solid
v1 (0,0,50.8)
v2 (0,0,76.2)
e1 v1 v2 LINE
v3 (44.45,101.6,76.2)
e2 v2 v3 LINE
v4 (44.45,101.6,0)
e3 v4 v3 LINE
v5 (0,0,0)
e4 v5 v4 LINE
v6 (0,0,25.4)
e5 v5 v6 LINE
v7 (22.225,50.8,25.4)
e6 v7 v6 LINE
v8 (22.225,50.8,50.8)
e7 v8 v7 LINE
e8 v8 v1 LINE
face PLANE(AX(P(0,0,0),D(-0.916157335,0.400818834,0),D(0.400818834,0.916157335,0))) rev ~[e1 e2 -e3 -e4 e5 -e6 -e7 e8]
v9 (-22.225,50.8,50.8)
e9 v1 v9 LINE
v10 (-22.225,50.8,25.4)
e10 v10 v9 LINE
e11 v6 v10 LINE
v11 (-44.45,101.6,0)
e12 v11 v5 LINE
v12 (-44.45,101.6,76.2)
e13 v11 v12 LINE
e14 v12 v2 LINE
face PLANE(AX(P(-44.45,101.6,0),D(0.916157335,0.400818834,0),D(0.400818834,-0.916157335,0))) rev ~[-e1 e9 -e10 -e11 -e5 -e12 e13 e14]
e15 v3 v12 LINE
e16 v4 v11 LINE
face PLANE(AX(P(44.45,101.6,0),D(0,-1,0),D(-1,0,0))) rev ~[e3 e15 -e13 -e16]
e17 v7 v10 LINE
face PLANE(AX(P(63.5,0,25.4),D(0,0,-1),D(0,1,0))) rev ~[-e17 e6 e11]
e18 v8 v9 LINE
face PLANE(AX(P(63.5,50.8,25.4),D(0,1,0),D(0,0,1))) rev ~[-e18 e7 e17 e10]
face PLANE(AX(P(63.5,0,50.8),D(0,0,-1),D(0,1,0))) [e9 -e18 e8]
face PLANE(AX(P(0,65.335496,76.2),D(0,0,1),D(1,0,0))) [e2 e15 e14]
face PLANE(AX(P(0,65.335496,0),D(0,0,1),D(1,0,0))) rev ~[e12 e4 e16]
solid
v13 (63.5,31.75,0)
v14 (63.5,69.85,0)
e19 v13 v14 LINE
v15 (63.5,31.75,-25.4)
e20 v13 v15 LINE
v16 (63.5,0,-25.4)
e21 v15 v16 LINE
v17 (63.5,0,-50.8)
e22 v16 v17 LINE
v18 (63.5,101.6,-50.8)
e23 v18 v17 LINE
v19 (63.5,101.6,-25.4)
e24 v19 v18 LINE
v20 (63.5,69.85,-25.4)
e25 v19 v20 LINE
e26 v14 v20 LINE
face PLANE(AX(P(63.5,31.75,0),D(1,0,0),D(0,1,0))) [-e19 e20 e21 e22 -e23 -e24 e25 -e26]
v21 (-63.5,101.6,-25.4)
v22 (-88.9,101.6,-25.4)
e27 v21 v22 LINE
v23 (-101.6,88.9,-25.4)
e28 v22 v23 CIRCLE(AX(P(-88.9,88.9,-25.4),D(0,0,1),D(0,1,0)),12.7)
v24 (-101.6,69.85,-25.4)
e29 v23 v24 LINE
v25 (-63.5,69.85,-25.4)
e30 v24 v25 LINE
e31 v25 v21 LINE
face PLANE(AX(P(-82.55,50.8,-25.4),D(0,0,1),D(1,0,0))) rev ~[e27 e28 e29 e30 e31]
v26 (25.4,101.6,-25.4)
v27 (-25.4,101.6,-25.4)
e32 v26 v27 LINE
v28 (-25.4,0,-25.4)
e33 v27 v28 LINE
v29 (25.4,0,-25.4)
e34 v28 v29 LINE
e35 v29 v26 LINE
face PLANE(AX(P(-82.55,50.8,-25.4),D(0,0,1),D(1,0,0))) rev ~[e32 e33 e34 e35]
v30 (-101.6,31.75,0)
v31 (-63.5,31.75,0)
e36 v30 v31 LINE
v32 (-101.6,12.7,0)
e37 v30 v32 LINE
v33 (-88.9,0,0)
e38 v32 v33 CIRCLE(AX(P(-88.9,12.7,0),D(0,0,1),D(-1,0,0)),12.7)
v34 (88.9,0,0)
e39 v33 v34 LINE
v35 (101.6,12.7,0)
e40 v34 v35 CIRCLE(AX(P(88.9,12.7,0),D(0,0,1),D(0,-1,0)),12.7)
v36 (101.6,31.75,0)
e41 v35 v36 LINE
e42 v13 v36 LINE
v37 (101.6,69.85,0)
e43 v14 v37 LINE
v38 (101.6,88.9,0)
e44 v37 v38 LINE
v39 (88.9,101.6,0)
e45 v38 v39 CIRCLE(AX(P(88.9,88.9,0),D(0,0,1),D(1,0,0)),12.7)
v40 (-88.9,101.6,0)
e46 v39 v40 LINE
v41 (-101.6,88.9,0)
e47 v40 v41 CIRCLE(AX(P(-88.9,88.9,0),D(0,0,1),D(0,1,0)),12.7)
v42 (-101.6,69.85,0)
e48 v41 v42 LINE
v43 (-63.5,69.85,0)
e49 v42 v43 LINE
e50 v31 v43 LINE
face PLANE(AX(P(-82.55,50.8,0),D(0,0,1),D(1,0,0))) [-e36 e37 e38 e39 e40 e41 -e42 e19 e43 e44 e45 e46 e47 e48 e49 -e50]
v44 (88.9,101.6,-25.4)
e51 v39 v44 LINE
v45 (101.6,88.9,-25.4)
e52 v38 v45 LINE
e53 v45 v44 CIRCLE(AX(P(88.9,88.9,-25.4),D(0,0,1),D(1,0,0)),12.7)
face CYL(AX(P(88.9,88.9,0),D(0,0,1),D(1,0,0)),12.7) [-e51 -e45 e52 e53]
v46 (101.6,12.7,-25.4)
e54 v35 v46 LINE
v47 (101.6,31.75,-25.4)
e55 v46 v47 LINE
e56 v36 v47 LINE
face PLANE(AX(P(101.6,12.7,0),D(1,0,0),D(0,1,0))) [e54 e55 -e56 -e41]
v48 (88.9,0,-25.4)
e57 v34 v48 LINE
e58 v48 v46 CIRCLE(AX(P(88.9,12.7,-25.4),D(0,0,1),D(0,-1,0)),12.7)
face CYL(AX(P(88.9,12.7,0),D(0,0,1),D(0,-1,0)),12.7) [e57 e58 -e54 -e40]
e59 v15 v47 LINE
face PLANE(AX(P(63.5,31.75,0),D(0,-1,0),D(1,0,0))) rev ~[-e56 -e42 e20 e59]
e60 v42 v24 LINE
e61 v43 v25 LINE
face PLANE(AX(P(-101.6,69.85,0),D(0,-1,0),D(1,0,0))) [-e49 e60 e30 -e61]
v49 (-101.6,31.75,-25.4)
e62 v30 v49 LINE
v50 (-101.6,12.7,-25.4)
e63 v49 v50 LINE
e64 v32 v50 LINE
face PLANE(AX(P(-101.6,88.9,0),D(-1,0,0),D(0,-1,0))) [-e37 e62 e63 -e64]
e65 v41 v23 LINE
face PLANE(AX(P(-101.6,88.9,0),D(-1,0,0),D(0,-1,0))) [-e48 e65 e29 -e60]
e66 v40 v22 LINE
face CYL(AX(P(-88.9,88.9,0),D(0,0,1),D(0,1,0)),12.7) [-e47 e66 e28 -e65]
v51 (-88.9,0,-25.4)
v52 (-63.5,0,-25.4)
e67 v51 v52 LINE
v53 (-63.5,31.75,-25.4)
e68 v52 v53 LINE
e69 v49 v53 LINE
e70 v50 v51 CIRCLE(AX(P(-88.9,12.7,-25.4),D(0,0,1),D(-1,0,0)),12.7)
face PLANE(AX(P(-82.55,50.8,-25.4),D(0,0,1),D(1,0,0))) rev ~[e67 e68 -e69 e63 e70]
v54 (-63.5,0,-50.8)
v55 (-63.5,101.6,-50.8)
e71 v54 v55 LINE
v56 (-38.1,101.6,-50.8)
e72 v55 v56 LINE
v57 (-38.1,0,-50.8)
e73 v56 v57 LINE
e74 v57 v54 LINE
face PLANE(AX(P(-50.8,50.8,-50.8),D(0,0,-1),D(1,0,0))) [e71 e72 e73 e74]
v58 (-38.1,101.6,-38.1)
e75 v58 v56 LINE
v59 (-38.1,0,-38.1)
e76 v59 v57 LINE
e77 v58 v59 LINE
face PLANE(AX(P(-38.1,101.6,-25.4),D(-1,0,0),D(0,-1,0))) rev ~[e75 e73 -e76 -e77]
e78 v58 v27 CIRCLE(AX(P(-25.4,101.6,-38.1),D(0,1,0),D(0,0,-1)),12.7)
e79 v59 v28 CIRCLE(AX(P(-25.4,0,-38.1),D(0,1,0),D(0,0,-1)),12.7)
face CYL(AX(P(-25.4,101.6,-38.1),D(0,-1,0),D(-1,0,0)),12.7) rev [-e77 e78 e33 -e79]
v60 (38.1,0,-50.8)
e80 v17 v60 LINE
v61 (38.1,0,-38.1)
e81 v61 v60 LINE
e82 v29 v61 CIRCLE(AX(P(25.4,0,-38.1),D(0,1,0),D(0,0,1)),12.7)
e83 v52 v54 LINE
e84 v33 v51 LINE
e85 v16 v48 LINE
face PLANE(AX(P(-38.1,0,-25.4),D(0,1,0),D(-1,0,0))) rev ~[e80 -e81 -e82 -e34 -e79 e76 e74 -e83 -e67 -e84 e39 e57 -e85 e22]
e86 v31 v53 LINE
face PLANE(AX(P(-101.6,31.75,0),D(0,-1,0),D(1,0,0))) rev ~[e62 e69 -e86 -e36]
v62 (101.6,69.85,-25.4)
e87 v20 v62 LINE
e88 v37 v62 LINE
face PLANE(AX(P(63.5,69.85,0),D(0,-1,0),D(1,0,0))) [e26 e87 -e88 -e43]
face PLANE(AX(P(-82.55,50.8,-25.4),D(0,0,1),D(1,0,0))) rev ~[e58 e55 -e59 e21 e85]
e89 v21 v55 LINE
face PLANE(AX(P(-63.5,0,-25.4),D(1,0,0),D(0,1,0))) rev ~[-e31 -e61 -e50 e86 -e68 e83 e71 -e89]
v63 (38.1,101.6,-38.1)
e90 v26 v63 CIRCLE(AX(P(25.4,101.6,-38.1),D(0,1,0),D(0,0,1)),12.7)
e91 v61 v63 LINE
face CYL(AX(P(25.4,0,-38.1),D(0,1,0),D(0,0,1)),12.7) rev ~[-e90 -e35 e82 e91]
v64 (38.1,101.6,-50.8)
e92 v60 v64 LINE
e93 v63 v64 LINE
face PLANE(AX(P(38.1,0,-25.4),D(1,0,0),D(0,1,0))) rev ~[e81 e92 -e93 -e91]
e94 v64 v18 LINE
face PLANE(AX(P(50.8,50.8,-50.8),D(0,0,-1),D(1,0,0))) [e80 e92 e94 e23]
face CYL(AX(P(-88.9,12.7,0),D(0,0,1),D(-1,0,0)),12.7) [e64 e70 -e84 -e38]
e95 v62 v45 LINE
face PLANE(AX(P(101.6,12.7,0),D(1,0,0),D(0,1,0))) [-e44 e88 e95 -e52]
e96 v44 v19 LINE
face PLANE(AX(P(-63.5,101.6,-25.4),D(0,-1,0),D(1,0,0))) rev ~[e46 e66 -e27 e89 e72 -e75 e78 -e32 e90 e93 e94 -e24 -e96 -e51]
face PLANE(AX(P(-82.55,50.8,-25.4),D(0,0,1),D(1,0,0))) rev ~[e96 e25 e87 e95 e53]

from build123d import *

# Parameters (mm, degrees)
F0_W     = 38.1
F0_H     = 38.1
F1_DEPTH = 25.4
F2_DEPTH = 25.4
F3_DEPTH = 76.2
F5_DEPTH = 25.4
F6_R     = 12.7
F7_W     = 50.8
F7_H     = 25.4
F8_DEPTH = 165.101


with BuildPart() as f1:
    # F0 (on Top) → F1 (new body)
    with BuildSketch(Plane.XY):
        with Locations((-82.55, 50.8)):
            Rectangle(F0_W, F0_H)
        with Locations((82.55, 50.8)):
            Rectangle(F0_W, F0_H)
        with BuildLine():
            ThreePointArc((-101.6, 12.7), (-97.8802561211, 3.7197438789), (-88.9, 0))
            Line((-88.9, 0), (0, 0))
            Line((0, 0), (-44.45, 101.6))
            Line((-44.45, 101.6), (-88.9, 101.6))
            ThreePointArc((-88.9, 101.6), (-97.8802561211, 97.8802561211), (-101.6, 88.9))
            Line((-101.6, 88.9), (-101.6, 69.85))
            Line((-101.6, 69.85), (-63.5, 69.85))
            Line((-63.5, 69.85), (-63.5, 31.75))
            Line((-63.5, 31.75), (-101.6, 31.75))
            Line((-101.6, 31.75), (-101.6, 12.7))
        make_face()
        with BuildLine():
            Line((44.45, 101.6), (0, 0))
            Line((0, 0), (88.9, 0))
            ThreePointArc((88.9, 0), (97.8802561211, 3.7197438789), (101.6, 12.7))
            Line((101.6, 12.7), (101.6, 31.75))
            Line((101.6, 31.75), (63.5, 31.75))
            Line((63.5, 31.75), (63.5, 69.85))
            Line((63.5, 69.85), (101.6, 69.85))
            Line((101.6, 69.85), (101.6, 88.9))
            ThreePointArc((101.6, 88.9), (97.8802561211, 97.8802561211), (88.9, 101.6))
            Line((88.9, 101.6), (44.45, 101.6))
        make_face()
        Polygon((-44.45, 101.6), (0, 0), (44.45, 101.6), align=None)
    extrude(amount=-F1_DEPTH)

    # F0 (on Top) → F2 (cut)
    with BuildSketch(Plane.XY):
        with Locations((82.55, 50.8)):
            Rectangle(F0_W, F0_H)
        with Locations((-82.55, 50.8)):
            Rectangle(F0_W, F0_H)
    extrude(amount=-F2_DEPTH, mode=Mode.SUBTRACT)

    # F4 (on face) → F5 (join)
    with BuildSketch(Plane(origin=(0, 0, -25.4), x_dir=(1, 0, 0), z_dir=(0, 0, -1))):
        Polygon((-63.5, -101.6), (-38.1, -101.6), (-38.1, 0), (-63.5, 0), (-63.5, -31.75), (-63.5, -69.85), align=None)
        Polygon((63.5, -101.6), (63.5, -69.85), (63.5, -31.75), (63.5, 0), (38.1, 0), (38.1, -101.6), align=None)
    extrude(amount=F5_DEPTH)

    # F6
    f6_edges = [f1.edges().sort_by_distance(p)[0] for p in [
        (-38.1, 50.8, -25.4),
        (38.1, 50.8, -25.4),
    ]]
    fillet(f6_edges, radius=F6_R)


with BuildPart() as f3:
    # F0 (on Top) → F3 (new body)
    with BuildSketch(Plane.XY):
        Polygon((-44.45, 101.6), (0, 0), (44.45, 101.6), align=None)
    extrude(amount=F3_DEPTH)

    # F7 (on face) → F8 (cut, through all)
    with BuildSketch(Plane.YZ.offset(63.5)):
        with Locations((25.4, 38.1)):
            Rectangle(F7_W, F7_H)
    extrude(amount=-F8_DEPTH, mode=Mode.SUBTRACT)


solid = Compound([f1.part, f3.part])
